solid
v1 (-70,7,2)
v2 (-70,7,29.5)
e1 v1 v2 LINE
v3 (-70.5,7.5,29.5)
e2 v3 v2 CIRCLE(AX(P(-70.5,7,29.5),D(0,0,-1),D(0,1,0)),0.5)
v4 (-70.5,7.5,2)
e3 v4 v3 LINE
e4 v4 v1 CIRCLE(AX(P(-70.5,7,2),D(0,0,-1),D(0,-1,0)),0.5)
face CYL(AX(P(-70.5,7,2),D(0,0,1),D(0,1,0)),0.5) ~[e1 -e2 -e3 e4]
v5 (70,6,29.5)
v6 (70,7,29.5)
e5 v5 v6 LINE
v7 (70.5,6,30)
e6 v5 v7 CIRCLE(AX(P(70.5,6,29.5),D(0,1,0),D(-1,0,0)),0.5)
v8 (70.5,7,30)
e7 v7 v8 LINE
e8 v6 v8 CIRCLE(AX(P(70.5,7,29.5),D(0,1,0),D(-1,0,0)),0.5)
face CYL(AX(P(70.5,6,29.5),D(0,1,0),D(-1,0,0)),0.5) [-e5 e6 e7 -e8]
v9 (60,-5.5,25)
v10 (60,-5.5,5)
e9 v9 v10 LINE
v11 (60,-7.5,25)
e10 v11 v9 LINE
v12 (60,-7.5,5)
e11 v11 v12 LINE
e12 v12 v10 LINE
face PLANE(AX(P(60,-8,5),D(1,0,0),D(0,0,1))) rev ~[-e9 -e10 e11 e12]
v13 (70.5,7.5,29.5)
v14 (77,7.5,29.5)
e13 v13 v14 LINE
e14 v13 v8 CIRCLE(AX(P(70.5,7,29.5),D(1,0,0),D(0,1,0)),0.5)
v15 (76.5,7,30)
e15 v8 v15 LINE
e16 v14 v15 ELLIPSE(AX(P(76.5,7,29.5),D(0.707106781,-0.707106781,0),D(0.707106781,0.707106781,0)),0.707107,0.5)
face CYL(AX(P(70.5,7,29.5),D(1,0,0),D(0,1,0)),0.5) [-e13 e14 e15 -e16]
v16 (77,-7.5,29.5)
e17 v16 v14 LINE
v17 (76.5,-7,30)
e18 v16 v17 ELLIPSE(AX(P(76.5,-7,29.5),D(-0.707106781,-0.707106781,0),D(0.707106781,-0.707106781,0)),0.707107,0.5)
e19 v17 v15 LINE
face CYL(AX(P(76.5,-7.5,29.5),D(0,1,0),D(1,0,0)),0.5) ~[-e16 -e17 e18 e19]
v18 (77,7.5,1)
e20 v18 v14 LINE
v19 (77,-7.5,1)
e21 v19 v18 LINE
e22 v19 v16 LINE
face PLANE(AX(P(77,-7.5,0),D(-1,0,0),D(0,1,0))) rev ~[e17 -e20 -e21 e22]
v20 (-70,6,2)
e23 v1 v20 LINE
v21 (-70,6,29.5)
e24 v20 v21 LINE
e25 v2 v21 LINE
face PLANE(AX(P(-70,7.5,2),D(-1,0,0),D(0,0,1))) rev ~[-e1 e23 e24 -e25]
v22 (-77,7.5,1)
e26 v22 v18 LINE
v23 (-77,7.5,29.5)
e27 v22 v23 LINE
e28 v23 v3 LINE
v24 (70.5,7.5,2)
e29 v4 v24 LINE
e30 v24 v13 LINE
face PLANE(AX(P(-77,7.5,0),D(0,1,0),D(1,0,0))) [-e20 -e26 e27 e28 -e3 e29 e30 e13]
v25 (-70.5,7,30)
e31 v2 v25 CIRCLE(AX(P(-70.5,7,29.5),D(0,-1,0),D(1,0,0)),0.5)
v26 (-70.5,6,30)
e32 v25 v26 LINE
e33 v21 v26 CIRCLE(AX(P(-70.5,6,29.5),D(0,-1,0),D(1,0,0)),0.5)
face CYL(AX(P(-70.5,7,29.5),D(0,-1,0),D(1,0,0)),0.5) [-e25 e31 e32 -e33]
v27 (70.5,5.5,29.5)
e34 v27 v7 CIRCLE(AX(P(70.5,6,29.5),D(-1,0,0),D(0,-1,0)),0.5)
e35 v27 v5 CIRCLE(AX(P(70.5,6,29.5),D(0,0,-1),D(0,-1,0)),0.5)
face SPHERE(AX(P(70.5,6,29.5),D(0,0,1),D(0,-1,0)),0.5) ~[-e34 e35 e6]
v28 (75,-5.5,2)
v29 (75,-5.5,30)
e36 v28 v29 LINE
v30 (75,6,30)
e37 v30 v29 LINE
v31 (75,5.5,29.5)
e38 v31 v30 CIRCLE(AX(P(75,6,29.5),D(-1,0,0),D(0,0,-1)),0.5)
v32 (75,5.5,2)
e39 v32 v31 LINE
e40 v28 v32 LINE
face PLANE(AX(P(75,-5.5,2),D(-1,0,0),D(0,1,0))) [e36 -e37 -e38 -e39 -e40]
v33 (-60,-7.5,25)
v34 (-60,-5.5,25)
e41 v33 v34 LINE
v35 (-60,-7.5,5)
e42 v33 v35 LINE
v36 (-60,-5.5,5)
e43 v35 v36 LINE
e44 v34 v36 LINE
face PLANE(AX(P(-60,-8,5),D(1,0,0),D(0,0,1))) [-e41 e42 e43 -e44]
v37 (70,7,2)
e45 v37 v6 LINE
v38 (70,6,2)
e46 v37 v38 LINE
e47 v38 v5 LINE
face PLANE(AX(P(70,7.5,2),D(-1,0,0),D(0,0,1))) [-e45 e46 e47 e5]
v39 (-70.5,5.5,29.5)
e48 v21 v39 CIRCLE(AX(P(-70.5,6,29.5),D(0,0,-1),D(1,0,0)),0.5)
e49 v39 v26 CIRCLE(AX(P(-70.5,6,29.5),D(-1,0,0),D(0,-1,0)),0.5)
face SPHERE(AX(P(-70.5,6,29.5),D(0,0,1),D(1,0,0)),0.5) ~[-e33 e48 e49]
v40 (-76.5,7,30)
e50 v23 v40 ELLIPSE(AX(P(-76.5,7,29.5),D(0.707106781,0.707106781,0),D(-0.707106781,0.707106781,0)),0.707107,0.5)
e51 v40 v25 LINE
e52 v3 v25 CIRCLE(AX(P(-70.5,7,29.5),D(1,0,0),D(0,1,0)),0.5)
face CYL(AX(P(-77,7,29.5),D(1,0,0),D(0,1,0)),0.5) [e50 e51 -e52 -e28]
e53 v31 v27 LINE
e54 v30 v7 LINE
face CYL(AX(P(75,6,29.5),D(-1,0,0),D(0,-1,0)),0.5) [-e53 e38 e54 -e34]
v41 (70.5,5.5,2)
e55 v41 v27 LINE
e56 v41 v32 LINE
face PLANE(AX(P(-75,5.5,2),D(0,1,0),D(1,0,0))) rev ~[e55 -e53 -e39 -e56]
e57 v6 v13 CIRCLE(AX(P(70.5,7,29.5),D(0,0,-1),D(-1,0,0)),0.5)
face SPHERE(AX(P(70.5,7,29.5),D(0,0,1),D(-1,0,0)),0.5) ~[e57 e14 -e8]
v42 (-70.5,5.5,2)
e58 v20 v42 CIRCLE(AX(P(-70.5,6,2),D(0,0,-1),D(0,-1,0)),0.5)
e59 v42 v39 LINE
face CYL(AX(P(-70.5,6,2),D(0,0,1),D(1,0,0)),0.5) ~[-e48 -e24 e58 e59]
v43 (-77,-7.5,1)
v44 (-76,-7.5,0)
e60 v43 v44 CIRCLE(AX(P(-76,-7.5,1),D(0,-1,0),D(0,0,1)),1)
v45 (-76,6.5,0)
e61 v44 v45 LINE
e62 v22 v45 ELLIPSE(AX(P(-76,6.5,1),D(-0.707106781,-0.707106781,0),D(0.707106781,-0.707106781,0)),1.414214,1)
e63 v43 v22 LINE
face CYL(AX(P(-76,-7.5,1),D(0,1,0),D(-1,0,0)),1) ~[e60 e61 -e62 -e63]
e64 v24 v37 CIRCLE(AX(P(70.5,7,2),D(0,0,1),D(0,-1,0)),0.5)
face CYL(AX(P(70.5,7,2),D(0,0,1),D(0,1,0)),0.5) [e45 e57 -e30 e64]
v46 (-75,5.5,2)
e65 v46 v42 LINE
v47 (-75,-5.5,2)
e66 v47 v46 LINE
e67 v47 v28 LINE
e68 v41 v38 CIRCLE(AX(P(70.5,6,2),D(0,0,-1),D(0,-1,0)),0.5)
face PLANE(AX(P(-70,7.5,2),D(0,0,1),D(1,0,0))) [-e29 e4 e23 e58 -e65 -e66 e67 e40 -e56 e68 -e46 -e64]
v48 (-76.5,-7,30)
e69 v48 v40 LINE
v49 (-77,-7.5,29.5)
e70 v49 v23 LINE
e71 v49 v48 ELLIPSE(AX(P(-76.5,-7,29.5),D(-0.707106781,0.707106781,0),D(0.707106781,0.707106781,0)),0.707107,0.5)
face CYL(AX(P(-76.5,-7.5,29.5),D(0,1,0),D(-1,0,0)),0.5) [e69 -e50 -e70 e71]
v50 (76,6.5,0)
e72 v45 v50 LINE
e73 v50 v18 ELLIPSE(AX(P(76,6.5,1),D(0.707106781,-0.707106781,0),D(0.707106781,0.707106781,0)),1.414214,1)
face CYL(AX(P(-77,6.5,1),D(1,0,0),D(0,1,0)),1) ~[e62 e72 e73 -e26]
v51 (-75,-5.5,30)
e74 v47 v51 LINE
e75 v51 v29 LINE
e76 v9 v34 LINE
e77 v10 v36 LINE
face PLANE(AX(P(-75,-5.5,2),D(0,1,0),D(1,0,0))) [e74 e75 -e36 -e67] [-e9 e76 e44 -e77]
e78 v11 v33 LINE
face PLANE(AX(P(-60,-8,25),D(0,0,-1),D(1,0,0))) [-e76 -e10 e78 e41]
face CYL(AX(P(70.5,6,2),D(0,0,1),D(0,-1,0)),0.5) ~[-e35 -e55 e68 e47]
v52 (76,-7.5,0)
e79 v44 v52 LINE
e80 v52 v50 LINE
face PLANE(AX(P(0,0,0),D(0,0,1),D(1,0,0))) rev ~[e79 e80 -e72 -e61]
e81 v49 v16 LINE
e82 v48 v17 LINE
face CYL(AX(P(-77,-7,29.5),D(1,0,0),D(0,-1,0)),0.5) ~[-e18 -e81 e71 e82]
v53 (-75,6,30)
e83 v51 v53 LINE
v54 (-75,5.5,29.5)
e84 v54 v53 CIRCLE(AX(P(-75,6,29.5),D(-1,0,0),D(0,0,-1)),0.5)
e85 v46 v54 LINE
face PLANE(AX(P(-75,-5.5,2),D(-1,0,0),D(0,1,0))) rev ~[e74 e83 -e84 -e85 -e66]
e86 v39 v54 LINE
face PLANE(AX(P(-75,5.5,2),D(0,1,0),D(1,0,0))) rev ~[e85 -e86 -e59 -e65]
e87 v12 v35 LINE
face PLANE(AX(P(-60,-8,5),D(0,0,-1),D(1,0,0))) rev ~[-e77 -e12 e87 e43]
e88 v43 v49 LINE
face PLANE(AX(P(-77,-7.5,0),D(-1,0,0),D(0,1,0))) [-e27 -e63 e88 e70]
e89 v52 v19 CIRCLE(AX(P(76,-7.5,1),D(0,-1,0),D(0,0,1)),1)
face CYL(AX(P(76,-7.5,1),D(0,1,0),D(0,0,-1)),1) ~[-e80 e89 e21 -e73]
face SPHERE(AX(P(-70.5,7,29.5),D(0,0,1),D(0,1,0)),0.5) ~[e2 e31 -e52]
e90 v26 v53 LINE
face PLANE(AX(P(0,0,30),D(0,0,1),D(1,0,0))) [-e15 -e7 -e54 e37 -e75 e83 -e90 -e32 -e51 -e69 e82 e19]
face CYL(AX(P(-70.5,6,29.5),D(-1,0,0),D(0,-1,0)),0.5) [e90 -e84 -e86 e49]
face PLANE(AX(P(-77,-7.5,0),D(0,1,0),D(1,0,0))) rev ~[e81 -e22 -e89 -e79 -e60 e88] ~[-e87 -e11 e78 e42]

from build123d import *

# Parameters (mm, degrees)
SKETCH_W        = 154
SKETCH_H        = 15
PAD_DEPTH       = 30
SKETCH001_W     = 150
SKETCH001_H     = 11
POCKET_DEPTH    = 28
SKETCH002_W     = 140
SKETCH002_H     = 28
POCKET001_DEPTH = 2
SKETCH003_W     = 120
SKETCH003_H     = 20
POCKET002_DEPTH = 5
FILLET_R        = 0.5
FILLET001_R     = 0.5
FILLET002_R     = 0.5
FILLET003_R     = 1


with BuildPart() as part:
    # Sketch → Pad (new body)
    with BuildSketch(Plane.XY):
        Rectangle(SKETCH_W, SKETCH_H)
    extrude(amount=PAD_DEPTH)

    # Sketch001 → Pocket (cut)
    with BuildSketch(Plane.XY.offset(2)):
        Rectangle(SKETCH001_W, SKETCH001_H)
    extrude(amount=POCKET_DEPTH, mode=Mode.SUBTRACT)

    # Sketch002 (on Face7 of Pocket) → Pocket001 (cut)
    with BuildSketch(Plane.XZ.offset(-7.5)):
        with Locations((0, 16)):
            Rectangle(SKETCH002_W, SKETCH002_H)
    extrude(amount=POCKET001_DEPTH, mode=Mode.SUBTRACT)

    # Sketch003 → Pocket002 (cut)
    with BuildSketch(Plane.XZ.offset(8)):
        with Locations((0, 15)):
            Rectangle(SKETCH003_W, SKETCH003_H)
    extrude(amount=-POCKET002_DEPTH, mode=Mode.SUBTRACT)

    # Fillet
    fillet_edges = [part.edges().sort_by_distance(p)[0] for p in [
        (-70, 7.5, 16),
        (-70, 5.5, 16),
    ]]
    fillet(fillet_edges, radius=FILLET_R)

    # Fillet001
    fillet001_edges = [part.edges().sort_by_distance(p)[0] for p in [
        (70, 5.5, 16),
        (70, 7.5, 16),
    ]]
    fillet(fillet001_edges, radius=FILLET001_R)

    # Fillet002
    fillet002_edges = [part.edges().sort_by_distance(p)[0] for p in [
        (-77, 0, 30),
        (0, -7.5, 30),
        (77, 0, 30),
        (73.75, 7.5, 30),
        (-73.75, 7.5, 30),
    ]]
    fillet(fillet002_edges, radius=FILLET002_R)

    # Fillet003
    fillet003_edges = [part.edges().sort_by_distance(p)[0] for p in [
        (77, 0, 0),
        (0, 7.5, 0),
        (-77, 0, 0),
    ]]
    fillet(fillet003_edges, radius=FILLET003_R)


solid = part.part
